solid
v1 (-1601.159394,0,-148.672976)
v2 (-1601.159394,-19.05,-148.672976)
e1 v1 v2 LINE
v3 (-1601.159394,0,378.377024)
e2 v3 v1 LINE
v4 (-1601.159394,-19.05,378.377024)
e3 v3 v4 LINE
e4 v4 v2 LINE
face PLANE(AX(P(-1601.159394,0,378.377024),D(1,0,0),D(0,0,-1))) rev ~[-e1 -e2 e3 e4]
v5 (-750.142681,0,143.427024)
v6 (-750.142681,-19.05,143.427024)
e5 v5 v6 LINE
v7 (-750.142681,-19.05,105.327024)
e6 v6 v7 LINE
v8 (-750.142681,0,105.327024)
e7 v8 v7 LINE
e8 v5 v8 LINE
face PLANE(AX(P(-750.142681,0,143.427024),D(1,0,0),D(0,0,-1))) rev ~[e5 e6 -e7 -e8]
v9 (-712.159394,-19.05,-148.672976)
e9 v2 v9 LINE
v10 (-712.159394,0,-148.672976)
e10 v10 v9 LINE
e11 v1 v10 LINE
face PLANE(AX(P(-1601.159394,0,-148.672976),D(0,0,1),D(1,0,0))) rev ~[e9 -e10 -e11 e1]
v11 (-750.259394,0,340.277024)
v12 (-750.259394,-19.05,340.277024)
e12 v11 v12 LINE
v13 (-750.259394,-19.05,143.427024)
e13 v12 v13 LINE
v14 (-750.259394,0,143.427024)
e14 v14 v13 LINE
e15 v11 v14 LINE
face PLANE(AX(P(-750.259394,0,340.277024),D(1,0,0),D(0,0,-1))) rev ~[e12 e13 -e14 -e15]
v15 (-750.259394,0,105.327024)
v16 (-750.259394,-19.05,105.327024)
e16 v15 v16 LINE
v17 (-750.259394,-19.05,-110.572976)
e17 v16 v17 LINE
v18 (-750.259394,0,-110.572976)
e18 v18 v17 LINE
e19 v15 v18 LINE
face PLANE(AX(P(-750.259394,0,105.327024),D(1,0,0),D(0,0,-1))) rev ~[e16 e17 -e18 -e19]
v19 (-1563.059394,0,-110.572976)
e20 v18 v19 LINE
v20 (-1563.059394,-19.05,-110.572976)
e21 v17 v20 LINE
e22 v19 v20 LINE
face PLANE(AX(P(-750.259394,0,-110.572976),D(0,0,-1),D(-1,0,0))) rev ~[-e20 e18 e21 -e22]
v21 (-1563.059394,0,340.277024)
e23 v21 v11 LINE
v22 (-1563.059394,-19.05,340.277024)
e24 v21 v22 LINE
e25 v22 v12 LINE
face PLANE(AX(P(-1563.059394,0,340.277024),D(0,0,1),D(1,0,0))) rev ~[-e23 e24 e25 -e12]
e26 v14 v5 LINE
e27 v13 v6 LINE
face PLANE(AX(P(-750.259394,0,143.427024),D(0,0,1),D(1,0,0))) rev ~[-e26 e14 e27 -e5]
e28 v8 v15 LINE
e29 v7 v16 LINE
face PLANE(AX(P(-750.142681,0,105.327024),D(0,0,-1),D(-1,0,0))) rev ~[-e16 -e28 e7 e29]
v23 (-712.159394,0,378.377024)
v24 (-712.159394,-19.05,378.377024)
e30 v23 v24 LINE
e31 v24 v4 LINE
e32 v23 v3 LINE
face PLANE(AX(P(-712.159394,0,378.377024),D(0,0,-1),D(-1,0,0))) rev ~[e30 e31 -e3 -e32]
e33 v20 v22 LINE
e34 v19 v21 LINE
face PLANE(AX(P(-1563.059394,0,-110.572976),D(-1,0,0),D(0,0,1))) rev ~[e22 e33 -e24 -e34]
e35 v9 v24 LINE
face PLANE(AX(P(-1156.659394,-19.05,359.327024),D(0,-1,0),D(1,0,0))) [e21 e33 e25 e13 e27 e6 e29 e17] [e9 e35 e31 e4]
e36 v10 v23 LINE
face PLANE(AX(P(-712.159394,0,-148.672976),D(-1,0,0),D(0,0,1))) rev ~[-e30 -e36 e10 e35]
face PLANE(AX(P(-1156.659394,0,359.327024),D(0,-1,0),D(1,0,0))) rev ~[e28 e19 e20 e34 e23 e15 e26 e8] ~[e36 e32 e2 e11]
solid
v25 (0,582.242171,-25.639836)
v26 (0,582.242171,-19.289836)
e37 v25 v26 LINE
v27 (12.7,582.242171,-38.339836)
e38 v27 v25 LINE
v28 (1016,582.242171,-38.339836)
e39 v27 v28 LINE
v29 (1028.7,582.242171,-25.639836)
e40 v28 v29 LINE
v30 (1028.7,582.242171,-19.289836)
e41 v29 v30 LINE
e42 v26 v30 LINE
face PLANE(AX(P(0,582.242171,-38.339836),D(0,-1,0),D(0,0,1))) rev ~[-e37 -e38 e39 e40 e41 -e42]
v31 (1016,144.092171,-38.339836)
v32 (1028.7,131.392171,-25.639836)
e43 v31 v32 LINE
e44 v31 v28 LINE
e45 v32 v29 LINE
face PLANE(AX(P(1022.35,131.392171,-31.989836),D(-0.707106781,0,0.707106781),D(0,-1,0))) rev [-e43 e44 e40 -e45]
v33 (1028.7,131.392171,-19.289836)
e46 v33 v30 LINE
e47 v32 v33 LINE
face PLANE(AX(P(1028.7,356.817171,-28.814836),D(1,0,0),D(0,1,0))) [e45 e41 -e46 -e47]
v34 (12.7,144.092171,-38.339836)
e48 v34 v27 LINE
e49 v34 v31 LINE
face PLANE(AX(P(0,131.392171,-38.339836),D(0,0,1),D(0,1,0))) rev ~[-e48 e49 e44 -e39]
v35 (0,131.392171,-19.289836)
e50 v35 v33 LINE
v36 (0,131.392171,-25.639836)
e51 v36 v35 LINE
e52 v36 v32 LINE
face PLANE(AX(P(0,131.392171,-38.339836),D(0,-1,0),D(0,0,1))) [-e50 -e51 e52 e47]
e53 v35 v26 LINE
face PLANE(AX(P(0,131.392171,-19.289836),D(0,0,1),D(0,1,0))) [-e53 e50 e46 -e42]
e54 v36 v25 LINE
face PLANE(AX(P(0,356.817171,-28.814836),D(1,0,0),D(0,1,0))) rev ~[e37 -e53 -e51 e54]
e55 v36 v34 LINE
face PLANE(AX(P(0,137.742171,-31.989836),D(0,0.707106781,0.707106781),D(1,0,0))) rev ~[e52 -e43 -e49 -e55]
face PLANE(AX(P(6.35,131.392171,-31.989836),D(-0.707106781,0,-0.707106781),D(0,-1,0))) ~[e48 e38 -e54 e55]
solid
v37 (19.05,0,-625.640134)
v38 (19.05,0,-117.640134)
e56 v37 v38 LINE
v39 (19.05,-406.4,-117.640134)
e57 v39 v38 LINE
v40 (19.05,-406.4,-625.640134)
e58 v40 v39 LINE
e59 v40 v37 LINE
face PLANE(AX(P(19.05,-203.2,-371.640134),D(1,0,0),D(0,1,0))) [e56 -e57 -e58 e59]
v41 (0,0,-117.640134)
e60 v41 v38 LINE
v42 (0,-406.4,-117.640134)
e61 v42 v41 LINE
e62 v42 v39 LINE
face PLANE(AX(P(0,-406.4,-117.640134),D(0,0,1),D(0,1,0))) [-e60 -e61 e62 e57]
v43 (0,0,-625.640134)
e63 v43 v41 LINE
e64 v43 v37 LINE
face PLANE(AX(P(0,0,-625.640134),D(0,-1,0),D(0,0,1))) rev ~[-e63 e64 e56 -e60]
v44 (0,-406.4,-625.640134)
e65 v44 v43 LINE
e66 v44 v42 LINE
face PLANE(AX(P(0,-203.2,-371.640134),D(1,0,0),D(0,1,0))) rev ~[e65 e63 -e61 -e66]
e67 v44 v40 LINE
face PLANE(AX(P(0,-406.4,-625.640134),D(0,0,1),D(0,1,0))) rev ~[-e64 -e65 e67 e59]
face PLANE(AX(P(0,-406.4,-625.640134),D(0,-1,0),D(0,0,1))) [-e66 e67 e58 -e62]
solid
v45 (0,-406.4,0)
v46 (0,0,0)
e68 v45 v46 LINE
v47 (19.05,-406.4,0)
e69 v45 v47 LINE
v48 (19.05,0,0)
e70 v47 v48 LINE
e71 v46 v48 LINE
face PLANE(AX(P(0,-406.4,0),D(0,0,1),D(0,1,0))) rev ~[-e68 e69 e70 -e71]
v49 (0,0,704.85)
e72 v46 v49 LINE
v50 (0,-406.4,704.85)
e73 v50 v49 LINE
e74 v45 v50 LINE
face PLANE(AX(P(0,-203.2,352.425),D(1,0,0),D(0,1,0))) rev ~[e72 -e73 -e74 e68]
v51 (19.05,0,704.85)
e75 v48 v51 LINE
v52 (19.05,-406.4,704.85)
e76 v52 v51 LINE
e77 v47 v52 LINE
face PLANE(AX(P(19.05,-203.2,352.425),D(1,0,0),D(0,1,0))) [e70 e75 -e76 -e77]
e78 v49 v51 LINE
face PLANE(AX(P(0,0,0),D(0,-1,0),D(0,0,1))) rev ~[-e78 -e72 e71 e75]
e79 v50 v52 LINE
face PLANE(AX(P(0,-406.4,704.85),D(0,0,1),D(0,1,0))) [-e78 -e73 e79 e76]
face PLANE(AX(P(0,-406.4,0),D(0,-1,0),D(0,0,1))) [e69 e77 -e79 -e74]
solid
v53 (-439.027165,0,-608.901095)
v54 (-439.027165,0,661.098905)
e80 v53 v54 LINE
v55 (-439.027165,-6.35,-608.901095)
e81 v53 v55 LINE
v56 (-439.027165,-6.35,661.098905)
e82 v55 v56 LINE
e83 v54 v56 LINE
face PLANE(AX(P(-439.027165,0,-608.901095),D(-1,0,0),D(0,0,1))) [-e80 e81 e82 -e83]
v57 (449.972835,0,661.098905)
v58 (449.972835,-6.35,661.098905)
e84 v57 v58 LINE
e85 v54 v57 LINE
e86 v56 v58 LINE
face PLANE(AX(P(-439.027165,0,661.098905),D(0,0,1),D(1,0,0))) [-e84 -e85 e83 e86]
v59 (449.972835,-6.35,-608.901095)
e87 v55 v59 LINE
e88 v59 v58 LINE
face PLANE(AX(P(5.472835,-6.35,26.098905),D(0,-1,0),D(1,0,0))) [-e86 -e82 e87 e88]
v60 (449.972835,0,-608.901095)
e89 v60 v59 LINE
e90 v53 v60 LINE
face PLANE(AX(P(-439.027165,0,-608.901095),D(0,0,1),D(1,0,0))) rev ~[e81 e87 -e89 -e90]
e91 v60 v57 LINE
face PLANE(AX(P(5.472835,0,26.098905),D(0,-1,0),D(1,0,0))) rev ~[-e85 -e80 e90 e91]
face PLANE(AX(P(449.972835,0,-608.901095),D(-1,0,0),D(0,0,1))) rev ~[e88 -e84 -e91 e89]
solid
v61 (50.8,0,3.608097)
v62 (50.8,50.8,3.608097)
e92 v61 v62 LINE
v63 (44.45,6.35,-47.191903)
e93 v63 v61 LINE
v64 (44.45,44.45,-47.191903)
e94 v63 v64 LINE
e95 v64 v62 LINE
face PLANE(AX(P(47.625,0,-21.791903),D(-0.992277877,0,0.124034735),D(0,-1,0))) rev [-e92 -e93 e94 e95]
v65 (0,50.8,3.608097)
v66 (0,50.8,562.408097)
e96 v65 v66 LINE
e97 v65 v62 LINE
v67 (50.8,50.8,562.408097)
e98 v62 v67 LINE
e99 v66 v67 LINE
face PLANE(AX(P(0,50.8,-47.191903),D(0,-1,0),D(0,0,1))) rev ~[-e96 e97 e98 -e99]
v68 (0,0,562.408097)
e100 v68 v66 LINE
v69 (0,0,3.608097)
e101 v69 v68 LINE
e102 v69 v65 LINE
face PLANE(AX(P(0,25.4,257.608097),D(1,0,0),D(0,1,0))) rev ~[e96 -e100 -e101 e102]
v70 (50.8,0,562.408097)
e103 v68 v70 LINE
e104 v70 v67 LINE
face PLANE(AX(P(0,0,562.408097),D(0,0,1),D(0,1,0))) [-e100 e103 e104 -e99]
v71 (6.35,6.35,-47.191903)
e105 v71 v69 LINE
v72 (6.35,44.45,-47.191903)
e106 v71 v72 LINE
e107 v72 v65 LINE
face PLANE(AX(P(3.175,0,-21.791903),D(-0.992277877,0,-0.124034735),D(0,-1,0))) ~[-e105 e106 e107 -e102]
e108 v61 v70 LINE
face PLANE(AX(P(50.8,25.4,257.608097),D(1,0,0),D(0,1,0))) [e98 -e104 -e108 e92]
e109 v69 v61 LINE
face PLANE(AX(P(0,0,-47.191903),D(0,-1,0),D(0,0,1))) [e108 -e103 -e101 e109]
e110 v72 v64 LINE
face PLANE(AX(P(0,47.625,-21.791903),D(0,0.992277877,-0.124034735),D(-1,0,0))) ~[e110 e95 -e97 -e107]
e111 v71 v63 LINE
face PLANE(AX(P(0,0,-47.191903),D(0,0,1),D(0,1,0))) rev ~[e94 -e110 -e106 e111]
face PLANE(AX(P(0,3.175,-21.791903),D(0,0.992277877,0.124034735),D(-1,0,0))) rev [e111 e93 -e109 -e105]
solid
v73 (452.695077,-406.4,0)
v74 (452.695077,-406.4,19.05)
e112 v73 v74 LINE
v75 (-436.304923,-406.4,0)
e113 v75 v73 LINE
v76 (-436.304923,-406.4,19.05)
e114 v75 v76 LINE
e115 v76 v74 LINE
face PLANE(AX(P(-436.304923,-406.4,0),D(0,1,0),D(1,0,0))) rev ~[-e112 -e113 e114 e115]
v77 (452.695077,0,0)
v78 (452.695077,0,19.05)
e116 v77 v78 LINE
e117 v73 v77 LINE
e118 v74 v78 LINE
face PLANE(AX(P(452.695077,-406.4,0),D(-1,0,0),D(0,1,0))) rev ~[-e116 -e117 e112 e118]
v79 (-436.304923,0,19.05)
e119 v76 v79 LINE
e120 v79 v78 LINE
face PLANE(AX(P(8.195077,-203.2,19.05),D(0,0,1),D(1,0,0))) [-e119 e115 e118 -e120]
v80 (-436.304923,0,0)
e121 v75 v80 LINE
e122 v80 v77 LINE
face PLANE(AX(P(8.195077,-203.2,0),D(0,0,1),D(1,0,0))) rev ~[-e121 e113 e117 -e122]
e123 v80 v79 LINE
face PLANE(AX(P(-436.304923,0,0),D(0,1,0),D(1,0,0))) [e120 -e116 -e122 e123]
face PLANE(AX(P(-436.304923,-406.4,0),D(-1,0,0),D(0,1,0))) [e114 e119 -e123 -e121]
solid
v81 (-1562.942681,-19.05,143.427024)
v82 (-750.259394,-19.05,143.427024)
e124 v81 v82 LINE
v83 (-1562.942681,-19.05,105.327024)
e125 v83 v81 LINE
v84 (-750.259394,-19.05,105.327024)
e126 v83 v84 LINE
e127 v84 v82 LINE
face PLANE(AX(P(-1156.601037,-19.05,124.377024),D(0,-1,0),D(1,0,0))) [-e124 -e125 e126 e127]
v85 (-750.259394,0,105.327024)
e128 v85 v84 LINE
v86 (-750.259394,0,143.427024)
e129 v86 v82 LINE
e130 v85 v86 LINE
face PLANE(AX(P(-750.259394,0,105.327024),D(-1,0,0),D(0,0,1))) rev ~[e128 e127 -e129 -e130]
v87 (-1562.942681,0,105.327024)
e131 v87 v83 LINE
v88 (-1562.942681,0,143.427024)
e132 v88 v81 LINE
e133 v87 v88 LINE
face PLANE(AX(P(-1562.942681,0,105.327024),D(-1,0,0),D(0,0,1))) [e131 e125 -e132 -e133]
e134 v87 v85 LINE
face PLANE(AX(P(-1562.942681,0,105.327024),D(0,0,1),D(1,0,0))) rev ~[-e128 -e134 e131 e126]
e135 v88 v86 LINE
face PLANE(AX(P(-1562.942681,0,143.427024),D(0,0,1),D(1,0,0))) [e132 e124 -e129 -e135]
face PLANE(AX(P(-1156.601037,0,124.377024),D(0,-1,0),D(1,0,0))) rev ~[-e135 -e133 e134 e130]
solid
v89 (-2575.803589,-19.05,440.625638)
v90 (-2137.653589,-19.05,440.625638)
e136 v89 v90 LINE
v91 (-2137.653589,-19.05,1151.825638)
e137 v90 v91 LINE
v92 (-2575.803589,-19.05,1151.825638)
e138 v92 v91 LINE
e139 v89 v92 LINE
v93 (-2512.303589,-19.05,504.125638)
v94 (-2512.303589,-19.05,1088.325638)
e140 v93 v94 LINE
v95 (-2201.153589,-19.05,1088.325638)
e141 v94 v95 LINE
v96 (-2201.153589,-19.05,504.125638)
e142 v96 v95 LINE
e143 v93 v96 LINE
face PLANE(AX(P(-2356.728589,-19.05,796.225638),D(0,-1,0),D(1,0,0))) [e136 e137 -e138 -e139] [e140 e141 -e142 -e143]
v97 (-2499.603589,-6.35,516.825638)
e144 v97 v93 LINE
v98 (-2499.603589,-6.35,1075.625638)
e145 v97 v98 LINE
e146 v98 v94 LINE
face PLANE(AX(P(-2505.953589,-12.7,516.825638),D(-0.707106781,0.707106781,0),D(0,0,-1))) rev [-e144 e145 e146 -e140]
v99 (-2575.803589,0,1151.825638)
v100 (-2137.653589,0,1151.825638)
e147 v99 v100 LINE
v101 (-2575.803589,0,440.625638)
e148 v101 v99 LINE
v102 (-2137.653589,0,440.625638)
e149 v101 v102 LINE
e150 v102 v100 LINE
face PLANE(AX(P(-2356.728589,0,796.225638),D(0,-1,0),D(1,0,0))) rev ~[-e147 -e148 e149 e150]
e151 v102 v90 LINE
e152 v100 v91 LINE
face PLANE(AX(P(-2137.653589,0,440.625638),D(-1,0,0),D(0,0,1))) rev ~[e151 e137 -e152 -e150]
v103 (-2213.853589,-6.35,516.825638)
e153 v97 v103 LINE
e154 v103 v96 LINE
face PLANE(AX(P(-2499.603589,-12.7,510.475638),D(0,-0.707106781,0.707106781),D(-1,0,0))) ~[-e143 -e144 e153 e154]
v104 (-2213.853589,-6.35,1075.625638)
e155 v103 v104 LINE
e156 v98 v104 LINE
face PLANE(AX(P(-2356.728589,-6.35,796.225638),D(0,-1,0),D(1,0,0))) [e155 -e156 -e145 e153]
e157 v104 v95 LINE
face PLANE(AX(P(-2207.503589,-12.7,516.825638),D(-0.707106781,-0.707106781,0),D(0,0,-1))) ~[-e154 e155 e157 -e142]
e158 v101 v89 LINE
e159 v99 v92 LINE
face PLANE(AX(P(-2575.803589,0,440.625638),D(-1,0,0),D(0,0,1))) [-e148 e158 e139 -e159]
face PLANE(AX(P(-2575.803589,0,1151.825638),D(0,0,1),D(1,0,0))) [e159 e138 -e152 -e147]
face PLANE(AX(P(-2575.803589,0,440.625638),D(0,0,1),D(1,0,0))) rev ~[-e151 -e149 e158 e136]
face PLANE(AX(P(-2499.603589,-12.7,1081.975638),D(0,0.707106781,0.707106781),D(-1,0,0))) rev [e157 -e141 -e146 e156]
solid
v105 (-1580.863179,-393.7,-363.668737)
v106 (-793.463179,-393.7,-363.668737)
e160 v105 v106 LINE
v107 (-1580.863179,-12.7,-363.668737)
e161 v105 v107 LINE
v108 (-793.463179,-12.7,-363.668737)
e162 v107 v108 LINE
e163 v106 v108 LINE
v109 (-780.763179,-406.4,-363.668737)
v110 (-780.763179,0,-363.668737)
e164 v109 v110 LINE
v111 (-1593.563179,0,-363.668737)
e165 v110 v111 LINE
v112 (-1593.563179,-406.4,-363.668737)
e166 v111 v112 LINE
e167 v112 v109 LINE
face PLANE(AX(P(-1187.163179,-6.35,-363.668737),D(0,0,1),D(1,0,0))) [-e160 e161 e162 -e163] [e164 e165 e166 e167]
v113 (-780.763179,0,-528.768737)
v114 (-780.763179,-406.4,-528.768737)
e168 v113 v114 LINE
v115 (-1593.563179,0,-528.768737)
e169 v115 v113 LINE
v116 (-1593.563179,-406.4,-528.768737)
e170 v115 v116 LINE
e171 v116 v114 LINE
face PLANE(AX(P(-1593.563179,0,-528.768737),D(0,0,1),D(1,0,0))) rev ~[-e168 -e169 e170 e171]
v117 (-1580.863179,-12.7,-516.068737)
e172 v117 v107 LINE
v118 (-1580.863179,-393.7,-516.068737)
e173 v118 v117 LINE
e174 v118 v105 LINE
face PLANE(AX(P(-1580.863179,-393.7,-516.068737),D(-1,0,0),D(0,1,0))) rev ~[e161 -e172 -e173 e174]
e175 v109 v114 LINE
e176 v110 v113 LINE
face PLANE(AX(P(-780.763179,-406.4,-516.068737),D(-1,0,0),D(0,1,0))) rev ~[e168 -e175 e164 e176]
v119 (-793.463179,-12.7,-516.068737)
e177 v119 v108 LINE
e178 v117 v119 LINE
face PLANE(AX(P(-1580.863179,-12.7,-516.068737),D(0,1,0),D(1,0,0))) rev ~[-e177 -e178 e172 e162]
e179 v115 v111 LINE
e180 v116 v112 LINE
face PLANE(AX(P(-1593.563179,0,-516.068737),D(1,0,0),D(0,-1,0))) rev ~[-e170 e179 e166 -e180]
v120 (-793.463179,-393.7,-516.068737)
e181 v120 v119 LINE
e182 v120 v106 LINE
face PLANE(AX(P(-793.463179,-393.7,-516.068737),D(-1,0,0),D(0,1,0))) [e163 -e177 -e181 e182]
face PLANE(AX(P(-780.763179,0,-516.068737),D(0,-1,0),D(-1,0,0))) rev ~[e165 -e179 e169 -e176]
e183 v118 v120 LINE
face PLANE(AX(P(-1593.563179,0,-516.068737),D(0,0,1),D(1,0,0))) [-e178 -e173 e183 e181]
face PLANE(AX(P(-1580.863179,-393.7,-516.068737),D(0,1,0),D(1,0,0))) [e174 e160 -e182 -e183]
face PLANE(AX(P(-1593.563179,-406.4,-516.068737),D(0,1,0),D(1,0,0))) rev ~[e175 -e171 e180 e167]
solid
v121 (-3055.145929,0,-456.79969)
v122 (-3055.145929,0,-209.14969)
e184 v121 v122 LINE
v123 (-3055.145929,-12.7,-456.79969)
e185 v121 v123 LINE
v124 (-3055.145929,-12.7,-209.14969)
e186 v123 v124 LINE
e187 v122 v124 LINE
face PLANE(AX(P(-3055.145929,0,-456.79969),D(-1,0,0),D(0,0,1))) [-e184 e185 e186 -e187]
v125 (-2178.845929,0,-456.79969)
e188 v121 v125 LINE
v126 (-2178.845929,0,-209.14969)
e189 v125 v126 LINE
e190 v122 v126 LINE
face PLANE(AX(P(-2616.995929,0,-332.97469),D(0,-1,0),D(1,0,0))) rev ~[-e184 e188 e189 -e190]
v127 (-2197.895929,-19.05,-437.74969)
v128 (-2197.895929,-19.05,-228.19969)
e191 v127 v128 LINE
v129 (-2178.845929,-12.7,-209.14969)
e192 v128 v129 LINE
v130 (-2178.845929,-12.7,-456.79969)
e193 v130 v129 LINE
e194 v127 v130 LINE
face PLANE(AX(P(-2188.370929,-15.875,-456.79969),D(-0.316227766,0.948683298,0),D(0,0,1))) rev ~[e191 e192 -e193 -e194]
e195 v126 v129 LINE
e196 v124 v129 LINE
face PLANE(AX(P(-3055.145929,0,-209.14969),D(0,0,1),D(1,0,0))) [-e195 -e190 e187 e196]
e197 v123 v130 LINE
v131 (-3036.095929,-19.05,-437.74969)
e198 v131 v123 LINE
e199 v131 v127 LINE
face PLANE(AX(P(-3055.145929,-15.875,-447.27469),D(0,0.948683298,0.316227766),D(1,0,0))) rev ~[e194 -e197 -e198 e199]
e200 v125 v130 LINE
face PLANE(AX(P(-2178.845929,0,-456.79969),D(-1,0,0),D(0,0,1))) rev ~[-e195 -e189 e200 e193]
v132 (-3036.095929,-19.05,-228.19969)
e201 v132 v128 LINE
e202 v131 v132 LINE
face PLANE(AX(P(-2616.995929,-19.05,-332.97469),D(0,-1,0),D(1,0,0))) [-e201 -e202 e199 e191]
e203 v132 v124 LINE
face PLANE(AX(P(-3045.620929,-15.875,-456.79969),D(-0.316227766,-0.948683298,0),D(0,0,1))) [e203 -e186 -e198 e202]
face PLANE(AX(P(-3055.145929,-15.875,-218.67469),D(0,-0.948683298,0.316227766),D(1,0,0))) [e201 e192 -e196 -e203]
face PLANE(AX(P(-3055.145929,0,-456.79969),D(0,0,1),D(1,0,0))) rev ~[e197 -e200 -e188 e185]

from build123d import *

# Parameters (mm, degrees)
F0_W      = 889
F0_H      = 1270
F1_DEPTH  = 6.35
F2_W      = 406.4
F2_H      = 508
F3_DEPTH  = 19.05
F4_W      = 889
F4_H      = 406.4
F5_DEPTH  = 19.05
F6_W      = 50.8
F6_H      = 609.6
F7_DEPTH  = 50.8
F8_SIZE2  = 50.8
F8_SIZE   = 6.35
F9_W      = 450.85
F9_H      = 19.05
F10_DEPTH = 1028.7
F11_SIZE  = 12.7
F12_W     = 406.4
F12_H     = 704.85
F13_DEPTH = 19.05
F14_W     = 38.1
F14_H     = 450.85
F15_DEPTH = 19.05
F14_W_2   = 812.6832866201
F14_H_2   = 38.1
F16_W     = 812.8
F16_H     = 12.7
F17_DEPTH = 406.4
F18_W     = 787.4
F18_H     = 12.7
F18_W_2   = 12.7
F18_H_2   = 381
F19_DEPTH = 152.4
F20_W     = 876.3
F20_H     = 247.65
F21_DEPTH = 19.05
F22_SIZE2 = 6.35
F22_SIZE  = 19.05
F23_W     = 438.15
F23_H     = 711.2
F23_W_2   = 285.75
F23_H_2   = 558.8
F24_DEPTH = 19.05
F25_SIZE  = 12.7
F26_W     = 285.75
F26_H     = 558.8
F27_DEPTH = 6.35


with BuildPart() as f1:
    # F0 (on Front) → F1 (new body)
    with BuildSketch(Plane.XZ):
        with Locations((5.4728352126, 26.0989052054)):
            Rectangle(F0_W, F0_H)
    extrude(amount=F1_DEPTH)


with BuildPart() as f3:
    # F2 (on Right) → F3 (new body)
    with BuildSketch(Plane.YZ):
        with Locations((-203.2, -371.6401337114)):
            Rectangle(F2_W, F2_H)
    extrude(amount=F3_DEPTH)


with BuildPart() as f5:
    # F4 (on Top) → F5 (new body)
    with BuildSketch(Plane.XY):
        with Locations((8.1950770849, -203.2)):
            Rectangle(F4_W, F4_H)
    extrude(amount=F5_DEPTH)


with BuildPart() as f7:
    # F6 (on Right) → F7 (new body)
    with BuildSketch(Plane.YZ):
        with Locations((25.4, 257.6080970049)):
            Rectangle(F6_W, F6_H)
    extrude(amount=F7_DEPTH)

    # F8
    f8_edges = [f7.edges().sort_by_distance(p)[0] for p in [
        (50.8, 25.4, -47.191903),
        (25.4, 50.8, -47.191903),
        (0, 25.4, -47.191903),
        (25.4, 0, -47.191903),
    ]]
    f8_side = f7.faces().sort_by_distance((25.4, 25.4, -47.191903))[0]
    chamfer(f8_edges, length=F8_SIZE, length2=F8_SIZE2, reference=f8_side)


with BuildPart() as f10:
    # F9 (on Right) → F10 (new body)
    with BuildSketch(Plane.YZ):
        with Locations((356.8171710134, -28.8148357306)):
            Rectangle(F9_W, F9_H)
    extrude(amount=F10_DEPTH)

    # F11
    f11_edges = [f10.edges().sort_by_distance(p)[0] for p in [
        (1028.7, 356.817171, -38.339836),
        (514.35, 131.392171, -38.339836),
        (0, 356.817171, -38.339836),
    ]]
    chamfer(f11_edges, length=F11_SIZE)


with BuildPart() as f13:
    # F12 (on Right) → F13 (new body)
    with BuildSketch(Plane.YZ):
        with Locations((-203.2, 352.425)):
            Rectangle(F12_W, F12_H)
    extrude(amount=F13_DEPTH)


with BuildPart() as f15:
    # F14 (on Front) → F15 (new body)
    with BuildSketch(Plane.XZ):
        Polygon((-712.1593940044, 378.3770244002), (-1601.1593940044, 378.3770244002), (-1601.1593940044, 340.2770244002), (-1563.0593940044, 340.2770244002), (-750.2593940044, 340.2770244002), (-712.1593940044, 340.2770244002), align=None)
        with Locations((-1582.1093940044, 114.8520244002)):
            Rectangle(F14_W, F14_H)
        Polygon((-1563.0593940044, -110.5729755998), (-1601.1593940044, -110.5729755998), (-1601.1593940044, -148.6729755998), (-712.1593940044, -148.6729755998), (-712.1593940044, -110.5729755998), (-750.2593940044, -110.5729755998), align=None)
        Polygon((-712.1593940044, -110.5729755998), (-712.1593940044, 340.2770244002), (-750.2593940044, 340.2770244002), (-750.2593940044, 143.4270244002), (-750.1426806245, 143.4270244002), (-750.1426806245, 105.3270244002), (-750.2593940044, 105.3270244002), (-750.2593940044, -110.5729755998), align=None)
    extrude(amount=F15_DEPTH)


with BuildPart() as f15b:
    # F14 (on Front) → F15, piece 2 (new body)
    with BuildSketch(Plane.XZ):
        with Locations((-1156.6010373144, 124.3770244002)):
            Rectangle(F14_W_2, F14_H_2)
    extrude(amount=F15_DEPTH)


with BuildPart() as f17:
    # F16 (on Front) → F17 (new body)
    with BuildSketch(Plane.XZ):
        with Locations((-1187.1631792356, -522.4187374115)):
            Rectangle(F16_W, F16_H)
    extrude(amount=F17_DEPTH)

    # F18 (on face) → F19 (join)
    with BuildSketch(Plane.XY.offset(-516.0687374115)):
        with Locations((-1187.1631792356, -6.35)):
            Rectangle(F18_W, F18_H)
        with Locations((-787.1131792356, -203.2)):
            Rectangle(F18_W_2, F18_H_2)
        with Locations((-1187.1631792356, -400.05)):
            Rectangle(F18_W, F18_H)
        with Locations((-1587.2131792356, -203.2)):
            Rectangle(F18_W_2, F18_H_2)
        with Locations((-787.1131792356, -6.35)):
            Rectangle(F18_W_2, F18_H)
        with Locations((-787.1131792356, -400.05)):
            Rectangle(F18_W_2, F18_H)
        with Locations((-1587.2131792356, -400.05)):
            Rectangle(F18_W_2, F18_H)
        with Locations((-1587.2131792356, -6.35)):
            Rectangle(F18_W_2, F18_H)
    extrude(amount=F19_DEPTH)


with BuildPart() as f21:
    # F20 (on Front) → F21 (new body)
    with BuildSketch(Plane.XZ):
        with Locations((-2616.9959285736, -332.9746895482)):
            Rectangle(F20_W, F20_H)
    extrude(amount=F21_DEPTH)

    # F22
    f22_edges = [f21.edges().sort_by_distance(p)[0] for p in [
        (-2616.995929, -19.05, -209.14969),
        (-2178.845929, -19.05, -332.97469),
        (-2616.995929, -19.05, -456.79969),
        (-3055.145929, -19.05, -332.97469),
    ]]
    f22_side = f21.faces().sort_by_distance((-2616.995929, -19.05, -332.97469))[0]
    chamfer(f22_edges, length=F22_SIZE, length2=F22_SIZE2, reference=f22_side)


with BuildPart() as f24:
    # F23 (on Front) → F24 (new body)
    with BuildSketch(Plane.XZ):
        with Locations((-2356.7285892487, 796.2256377697)):
            Rectangle(F23_W, F23_H)
        with Locations((-2356.7285892487, 796.2256377697)):
            Rectangle(F23_W_2, F23_H_2, mode=Mode.SUBTRACT)
    extrude(amount=F24_DEPTH)

    # F25
    f25_edges = [f24.edges().sort_by_distance(p)[0] for p in [
        (-2499.603589, -19.05, 796.225638),
        (-2356.728589, -19.05, 1075.625638),
        (-2213.853589, -19.05, 796.225638),
        (-2356.728589, -19.05, 516.825638),
    ]]
    chamfer(f25_edges, length=F25_SIZE)

    # F26 (on Front) → F27 (join)
    with BuildSketch(Plane.XZ):
        with Locations((-2356.7285892487, 796.2256377697)):
            Rectangle(F26_W, F26_H)
    extrude(amount=F27_DEPTH)


solid = Compound([f1.part, f3.part, f5.part, f7.part, f10.part, f13.part, f15.part, f15b.part, f17.part, f21.part, f24.part])
